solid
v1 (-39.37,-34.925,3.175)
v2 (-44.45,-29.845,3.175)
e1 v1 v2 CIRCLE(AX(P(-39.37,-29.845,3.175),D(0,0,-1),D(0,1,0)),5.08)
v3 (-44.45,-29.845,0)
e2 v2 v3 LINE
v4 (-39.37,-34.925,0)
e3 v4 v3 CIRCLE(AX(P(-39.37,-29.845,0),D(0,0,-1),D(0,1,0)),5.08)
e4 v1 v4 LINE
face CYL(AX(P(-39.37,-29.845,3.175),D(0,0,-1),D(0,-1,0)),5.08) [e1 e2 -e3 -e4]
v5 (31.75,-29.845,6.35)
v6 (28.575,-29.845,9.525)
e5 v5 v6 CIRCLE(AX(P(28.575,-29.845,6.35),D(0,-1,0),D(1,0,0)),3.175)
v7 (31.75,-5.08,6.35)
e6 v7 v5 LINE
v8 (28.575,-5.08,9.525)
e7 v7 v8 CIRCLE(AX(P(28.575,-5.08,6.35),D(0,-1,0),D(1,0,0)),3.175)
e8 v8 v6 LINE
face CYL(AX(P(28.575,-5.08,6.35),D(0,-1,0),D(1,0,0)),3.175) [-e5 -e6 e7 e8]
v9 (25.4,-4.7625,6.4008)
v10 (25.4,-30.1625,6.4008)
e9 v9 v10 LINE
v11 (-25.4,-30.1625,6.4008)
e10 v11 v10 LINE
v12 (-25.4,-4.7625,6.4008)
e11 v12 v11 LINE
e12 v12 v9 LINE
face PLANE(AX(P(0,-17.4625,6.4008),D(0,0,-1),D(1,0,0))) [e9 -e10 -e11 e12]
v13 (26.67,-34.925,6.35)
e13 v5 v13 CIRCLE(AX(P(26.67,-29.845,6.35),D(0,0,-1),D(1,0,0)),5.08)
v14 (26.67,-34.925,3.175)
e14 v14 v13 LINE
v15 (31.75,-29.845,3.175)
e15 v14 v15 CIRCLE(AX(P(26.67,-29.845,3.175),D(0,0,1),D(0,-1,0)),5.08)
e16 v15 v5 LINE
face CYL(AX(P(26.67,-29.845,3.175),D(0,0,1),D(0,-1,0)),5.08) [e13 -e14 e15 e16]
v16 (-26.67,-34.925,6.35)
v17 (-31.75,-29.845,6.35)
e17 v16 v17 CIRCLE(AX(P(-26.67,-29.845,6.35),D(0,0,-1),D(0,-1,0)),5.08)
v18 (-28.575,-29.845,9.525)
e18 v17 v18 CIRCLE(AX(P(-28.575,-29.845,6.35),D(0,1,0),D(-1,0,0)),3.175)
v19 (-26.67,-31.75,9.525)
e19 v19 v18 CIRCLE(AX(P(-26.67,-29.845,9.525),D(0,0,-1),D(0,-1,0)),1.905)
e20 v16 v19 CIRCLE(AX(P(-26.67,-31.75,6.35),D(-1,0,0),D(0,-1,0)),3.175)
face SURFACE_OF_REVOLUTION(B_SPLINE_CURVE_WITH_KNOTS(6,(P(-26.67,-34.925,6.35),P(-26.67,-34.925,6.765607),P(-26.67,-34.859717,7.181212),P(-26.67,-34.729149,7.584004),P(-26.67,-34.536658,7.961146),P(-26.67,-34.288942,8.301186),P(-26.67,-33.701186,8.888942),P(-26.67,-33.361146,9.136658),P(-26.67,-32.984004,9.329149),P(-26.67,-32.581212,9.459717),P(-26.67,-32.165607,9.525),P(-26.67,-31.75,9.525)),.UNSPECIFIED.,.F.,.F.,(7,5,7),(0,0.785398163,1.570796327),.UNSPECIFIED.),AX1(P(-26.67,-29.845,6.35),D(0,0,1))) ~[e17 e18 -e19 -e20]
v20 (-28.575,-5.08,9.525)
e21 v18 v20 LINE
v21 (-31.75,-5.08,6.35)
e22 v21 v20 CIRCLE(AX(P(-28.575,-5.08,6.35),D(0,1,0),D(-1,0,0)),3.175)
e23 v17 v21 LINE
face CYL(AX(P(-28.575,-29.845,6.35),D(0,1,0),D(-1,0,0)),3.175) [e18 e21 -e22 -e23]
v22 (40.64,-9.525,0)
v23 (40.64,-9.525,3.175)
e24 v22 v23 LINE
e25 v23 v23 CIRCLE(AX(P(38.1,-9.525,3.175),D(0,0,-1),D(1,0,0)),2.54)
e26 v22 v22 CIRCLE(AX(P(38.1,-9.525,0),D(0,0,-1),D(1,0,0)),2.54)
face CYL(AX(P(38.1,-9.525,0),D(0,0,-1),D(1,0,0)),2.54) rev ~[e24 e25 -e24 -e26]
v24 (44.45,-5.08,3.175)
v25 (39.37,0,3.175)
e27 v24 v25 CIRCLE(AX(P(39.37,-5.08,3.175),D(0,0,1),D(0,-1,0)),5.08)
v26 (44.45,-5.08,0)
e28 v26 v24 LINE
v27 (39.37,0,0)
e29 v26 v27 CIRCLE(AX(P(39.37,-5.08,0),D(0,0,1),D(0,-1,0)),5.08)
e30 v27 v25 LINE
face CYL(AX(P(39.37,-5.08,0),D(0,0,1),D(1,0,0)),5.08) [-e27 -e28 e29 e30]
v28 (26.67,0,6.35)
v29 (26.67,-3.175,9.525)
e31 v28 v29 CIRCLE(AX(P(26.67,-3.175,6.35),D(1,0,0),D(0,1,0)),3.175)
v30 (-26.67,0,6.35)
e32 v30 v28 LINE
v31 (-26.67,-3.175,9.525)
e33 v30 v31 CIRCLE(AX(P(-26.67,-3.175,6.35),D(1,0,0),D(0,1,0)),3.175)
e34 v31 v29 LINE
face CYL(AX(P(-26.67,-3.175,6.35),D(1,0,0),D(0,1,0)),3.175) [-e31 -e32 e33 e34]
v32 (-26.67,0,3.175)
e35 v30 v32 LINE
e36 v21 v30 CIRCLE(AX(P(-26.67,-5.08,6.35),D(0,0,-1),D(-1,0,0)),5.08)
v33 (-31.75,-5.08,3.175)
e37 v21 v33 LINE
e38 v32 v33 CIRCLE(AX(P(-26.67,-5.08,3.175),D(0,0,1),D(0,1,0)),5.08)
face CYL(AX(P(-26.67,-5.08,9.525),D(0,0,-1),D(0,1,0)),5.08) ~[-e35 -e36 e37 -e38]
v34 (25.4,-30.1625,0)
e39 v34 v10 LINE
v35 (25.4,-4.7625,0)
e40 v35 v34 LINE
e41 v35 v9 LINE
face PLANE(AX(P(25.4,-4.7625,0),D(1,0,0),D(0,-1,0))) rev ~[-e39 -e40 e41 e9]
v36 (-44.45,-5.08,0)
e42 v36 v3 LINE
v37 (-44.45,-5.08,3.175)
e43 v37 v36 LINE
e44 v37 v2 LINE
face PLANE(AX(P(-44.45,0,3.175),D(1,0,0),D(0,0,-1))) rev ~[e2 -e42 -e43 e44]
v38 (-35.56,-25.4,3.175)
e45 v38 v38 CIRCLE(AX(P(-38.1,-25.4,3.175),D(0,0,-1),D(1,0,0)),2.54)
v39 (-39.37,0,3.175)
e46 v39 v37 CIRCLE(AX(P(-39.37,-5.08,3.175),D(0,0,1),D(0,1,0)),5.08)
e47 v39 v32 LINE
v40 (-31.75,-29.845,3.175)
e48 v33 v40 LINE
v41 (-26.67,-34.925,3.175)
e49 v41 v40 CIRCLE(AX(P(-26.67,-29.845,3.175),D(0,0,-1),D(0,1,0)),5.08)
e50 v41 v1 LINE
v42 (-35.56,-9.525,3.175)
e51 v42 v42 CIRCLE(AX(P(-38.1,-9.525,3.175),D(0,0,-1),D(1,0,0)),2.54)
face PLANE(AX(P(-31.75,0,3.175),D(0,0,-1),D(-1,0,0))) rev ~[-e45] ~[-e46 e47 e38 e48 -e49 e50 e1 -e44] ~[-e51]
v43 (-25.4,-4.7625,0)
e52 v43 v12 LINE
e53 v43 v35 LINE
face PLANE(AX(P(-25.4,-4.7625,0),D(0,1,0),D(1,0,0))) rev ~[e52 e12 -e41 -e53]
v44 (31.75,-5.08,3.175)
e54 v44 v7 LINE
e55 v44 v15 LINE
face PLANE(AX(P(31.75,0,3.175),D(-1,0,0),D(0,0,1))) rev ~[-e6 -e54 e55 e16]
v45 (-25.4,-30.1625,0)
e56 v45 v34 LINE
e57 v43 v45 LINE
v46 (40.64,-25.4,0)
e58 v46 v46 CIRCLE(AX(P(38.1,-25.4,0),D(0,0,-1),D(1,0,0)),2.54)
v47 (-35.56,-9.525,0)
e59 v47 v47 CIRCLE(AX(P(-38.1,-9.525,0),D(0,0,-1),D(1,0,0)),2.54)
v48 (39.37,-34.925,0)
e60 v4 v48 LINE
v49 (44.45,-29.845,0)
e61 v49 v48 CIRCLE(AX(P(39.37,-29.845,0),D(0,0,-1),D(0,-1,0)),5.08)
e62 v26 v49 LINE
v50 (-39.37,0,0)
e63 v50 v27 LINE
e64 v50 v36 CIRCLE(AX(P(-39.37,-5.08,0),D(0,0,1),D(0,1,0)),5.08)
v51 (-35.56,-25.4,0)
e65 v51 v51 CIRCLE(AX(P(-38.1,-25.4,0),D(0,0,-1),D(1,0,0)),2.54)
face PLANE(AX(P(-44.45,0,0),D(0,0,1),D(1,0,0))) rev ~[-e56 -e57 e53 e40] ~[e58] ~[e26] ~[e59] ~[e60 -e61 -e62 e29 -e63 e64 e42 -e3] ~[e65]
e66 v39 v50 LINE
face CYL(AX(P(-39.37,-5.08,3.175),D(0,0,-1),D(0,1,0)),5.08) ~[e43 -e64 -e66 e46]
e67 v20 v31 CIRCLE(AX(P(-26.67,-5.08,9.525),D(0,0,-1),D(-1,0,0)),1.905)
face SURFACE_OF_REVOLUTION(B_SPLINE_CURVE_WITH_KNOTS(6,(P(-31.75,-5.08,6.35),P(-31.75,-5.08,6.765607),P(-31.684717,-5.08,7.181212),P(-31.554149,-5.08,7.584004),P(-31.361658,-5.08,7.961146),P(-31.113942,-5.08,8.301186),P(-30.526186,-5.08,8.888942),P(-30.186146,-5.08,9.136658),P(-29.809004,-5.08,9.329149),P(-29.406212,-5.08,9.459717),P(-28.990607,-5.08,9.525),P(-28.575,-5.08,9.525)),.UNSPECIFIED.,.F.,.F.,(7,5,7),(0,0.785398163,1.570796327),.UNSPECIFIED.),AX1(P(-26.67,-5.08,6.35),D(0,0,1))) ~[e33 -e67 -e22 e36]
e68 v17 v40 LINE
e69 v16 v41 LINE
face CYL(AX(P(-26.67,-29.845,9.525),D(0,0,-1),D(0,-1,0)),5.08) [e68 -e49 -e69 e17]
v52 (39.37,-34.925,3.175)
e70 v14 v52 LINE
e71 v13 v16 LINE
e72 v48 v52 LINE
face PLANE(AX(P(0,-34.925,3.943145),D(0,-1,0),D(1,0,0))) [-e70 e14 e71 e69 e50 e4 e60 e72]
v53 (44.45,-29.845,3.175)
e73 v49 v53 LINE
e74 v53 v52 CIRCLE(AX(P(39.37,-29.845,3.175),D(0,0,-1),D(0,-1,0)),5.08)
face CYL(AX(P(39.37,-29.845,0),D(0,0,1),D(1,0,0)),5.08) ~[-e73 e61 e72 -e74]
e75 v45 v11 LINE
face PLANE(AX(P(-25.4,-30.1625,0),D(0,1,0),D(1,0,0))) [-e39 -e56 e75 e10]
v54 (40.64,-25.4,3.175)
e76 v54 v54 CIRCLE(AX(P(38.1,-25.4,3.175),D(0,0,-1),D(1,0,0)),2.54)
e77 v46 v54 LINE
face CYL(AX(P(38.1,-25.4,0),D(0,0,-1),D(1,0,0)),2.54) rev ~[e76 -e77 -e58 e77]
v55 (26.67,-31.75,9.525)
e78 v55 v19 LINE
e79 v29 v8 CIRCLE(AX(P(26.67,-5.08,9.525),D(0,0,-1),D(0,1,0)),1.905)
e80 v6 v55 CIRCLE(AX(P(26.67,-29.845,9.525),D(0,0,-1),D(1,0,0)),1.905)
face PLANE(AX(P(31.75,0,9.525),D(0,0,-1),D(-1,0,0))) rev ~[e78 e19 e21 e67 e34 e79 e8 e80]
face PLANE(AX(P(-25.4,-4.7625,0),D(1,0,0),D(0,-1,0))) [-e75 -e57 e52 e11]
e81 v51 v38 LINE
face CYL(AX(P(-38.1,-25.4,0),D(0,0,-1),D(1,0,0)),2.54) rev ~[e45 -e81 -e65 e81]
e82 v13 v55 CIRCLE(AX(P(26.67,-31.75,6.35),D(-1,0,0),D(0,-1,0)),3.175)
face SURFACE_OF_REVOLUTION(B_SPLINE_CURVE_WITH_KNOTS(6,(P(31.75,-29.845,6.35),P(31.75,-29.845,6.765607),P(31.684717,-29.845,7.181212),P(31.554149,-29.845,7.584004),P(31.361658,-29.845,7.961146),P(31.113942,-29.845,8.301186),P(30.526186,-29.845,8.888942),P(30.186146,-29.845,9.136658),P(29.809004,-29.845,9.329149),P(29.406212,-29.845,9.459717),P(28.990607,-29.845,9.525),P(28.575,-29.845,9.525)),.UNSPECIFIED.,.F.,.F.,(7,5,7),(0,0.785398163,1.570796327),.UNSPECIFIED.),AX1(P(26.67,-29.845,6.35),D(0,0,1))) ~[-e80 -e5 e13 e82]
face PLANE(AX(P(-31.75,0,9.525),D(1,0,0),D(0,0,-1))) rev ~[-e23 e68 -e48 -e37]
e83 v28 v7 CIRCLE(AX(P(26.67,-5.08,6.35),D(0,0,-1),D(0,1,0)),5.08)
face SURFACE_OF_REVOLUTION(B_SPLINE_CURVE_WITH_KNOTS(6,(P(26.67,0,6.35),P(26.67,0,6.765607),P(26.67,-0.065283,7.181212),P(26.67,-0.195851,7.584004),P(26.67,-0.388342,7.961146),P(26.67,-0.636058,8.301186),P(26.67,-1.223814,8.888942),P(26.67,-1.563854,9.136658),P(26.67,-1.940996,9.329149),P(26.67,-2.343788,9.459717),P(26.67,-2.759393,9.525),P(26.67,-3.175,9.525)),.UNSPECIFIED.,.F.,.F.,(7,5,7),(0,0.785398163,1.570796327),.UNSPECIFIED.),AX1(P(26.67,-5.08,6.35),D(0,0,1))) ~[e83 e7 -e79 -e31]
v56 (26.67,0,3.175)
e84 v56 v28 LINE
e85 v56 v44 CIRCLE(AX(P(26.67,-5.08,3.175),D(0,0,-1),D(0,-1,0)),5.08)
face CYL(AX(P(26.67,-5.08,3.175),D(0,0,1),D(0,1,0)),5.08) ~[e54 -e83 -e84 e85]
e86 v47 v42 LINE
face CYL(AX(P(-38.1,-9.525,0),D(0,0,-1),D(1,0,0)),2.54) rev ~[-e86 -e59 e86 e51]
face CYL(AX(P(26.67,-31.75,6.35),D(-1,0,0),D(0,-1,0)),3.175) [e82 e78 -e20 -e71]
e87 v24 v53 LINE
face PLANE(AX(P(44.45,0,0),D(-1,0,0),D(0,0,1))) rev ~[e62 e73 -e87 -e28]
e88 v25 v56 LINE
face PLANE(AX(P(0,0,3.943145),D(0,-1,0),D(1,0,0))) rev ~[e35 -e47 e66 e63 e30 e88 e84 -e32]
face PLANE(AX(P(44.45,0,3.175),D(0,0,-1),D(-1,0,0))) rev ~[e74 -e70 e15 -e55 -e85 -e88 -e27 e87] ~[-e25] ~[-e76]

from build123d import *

# Parameters (mm, degrees)
F1_DEPTH = 34.925
F2_R     = 2.54
F3_DEPTH = 25.4
F4_R     = 5.08
F5_R     = 3.175
F6_W     = 50.8
F6_H     = 25.4
F7_DEPTH = 6.4008


with BuildPart() as f1:
    # F0 (on Front) → F1 (new body)
    with BuildSketch(Plane.XZ):
        Polygon((-12.7, 0), (0, 0), (12.7, 0), (44.45, 0), (44.45, 3.175), (31.75, 3.175), (31.75, 9.525), (-31.75, 9.525), (-31.75, 3.175), (-44.45, 3.175), (-44.45, 0), align=None)
    extrude(amount=F1_DEPTH)

    # F2 (on face) → F3 (cut)
    with BuildSketch(Plane(origin=(0, 0, 0), x_dir=(1, 0, 0), z_dir=(0, 0, -1))):
        with Locations((-38.1, 25.4)):
            Circle(F2_R)
        with Locations((-38.1, 9.525)):
            Circle(F2_R)
        with Locations((38.1, 25.4)):
            Circle(F2_R)
        with Locations((38.1, 9.525)):
            Circle(F2_R)
    extrude(amount=-F3_DEPTH, mode=Mode.SUBTRACT)

    # F4
    f4_edges = [f1.edges().sort_by_distance(p)[0] for p in [
        (-44.45, -34.925, 1.5875),
        (44.45, -34.925, 1.5875),
        (44.45, 0, 1.5875),
        (-44.45, 0, 1.5875),
        (31.75, 0, 6.35),
        (-31.75, 0, 6.35),
        (31.75, -34.925, 6.35),
        (-31.75, -34.925, 6.35),
    ]]
    fillet(f4_edges, radius=F4_R)

    # F5
    f5_edges = [f1.edges().sort_by_distance(p)[0] for p in [
        (-30.262102, -33.437102, 9.525),
    ]]
    fillet(f5_edges, radius=F5_R)

    # F6 (on face) → F7 (cut)
    with BuildSketch(Plane(origin=(0, 0, 0), x_dir=(1, 0, 0), z_dir=(0, 0, -1))):
        with Locations((0, 17.4625)):
            Rectangle(F6_W, F6_H)
    extrude(amount=-F7_DEPTH, mode=Mode.SUBTRACT)


solid = f1.part
